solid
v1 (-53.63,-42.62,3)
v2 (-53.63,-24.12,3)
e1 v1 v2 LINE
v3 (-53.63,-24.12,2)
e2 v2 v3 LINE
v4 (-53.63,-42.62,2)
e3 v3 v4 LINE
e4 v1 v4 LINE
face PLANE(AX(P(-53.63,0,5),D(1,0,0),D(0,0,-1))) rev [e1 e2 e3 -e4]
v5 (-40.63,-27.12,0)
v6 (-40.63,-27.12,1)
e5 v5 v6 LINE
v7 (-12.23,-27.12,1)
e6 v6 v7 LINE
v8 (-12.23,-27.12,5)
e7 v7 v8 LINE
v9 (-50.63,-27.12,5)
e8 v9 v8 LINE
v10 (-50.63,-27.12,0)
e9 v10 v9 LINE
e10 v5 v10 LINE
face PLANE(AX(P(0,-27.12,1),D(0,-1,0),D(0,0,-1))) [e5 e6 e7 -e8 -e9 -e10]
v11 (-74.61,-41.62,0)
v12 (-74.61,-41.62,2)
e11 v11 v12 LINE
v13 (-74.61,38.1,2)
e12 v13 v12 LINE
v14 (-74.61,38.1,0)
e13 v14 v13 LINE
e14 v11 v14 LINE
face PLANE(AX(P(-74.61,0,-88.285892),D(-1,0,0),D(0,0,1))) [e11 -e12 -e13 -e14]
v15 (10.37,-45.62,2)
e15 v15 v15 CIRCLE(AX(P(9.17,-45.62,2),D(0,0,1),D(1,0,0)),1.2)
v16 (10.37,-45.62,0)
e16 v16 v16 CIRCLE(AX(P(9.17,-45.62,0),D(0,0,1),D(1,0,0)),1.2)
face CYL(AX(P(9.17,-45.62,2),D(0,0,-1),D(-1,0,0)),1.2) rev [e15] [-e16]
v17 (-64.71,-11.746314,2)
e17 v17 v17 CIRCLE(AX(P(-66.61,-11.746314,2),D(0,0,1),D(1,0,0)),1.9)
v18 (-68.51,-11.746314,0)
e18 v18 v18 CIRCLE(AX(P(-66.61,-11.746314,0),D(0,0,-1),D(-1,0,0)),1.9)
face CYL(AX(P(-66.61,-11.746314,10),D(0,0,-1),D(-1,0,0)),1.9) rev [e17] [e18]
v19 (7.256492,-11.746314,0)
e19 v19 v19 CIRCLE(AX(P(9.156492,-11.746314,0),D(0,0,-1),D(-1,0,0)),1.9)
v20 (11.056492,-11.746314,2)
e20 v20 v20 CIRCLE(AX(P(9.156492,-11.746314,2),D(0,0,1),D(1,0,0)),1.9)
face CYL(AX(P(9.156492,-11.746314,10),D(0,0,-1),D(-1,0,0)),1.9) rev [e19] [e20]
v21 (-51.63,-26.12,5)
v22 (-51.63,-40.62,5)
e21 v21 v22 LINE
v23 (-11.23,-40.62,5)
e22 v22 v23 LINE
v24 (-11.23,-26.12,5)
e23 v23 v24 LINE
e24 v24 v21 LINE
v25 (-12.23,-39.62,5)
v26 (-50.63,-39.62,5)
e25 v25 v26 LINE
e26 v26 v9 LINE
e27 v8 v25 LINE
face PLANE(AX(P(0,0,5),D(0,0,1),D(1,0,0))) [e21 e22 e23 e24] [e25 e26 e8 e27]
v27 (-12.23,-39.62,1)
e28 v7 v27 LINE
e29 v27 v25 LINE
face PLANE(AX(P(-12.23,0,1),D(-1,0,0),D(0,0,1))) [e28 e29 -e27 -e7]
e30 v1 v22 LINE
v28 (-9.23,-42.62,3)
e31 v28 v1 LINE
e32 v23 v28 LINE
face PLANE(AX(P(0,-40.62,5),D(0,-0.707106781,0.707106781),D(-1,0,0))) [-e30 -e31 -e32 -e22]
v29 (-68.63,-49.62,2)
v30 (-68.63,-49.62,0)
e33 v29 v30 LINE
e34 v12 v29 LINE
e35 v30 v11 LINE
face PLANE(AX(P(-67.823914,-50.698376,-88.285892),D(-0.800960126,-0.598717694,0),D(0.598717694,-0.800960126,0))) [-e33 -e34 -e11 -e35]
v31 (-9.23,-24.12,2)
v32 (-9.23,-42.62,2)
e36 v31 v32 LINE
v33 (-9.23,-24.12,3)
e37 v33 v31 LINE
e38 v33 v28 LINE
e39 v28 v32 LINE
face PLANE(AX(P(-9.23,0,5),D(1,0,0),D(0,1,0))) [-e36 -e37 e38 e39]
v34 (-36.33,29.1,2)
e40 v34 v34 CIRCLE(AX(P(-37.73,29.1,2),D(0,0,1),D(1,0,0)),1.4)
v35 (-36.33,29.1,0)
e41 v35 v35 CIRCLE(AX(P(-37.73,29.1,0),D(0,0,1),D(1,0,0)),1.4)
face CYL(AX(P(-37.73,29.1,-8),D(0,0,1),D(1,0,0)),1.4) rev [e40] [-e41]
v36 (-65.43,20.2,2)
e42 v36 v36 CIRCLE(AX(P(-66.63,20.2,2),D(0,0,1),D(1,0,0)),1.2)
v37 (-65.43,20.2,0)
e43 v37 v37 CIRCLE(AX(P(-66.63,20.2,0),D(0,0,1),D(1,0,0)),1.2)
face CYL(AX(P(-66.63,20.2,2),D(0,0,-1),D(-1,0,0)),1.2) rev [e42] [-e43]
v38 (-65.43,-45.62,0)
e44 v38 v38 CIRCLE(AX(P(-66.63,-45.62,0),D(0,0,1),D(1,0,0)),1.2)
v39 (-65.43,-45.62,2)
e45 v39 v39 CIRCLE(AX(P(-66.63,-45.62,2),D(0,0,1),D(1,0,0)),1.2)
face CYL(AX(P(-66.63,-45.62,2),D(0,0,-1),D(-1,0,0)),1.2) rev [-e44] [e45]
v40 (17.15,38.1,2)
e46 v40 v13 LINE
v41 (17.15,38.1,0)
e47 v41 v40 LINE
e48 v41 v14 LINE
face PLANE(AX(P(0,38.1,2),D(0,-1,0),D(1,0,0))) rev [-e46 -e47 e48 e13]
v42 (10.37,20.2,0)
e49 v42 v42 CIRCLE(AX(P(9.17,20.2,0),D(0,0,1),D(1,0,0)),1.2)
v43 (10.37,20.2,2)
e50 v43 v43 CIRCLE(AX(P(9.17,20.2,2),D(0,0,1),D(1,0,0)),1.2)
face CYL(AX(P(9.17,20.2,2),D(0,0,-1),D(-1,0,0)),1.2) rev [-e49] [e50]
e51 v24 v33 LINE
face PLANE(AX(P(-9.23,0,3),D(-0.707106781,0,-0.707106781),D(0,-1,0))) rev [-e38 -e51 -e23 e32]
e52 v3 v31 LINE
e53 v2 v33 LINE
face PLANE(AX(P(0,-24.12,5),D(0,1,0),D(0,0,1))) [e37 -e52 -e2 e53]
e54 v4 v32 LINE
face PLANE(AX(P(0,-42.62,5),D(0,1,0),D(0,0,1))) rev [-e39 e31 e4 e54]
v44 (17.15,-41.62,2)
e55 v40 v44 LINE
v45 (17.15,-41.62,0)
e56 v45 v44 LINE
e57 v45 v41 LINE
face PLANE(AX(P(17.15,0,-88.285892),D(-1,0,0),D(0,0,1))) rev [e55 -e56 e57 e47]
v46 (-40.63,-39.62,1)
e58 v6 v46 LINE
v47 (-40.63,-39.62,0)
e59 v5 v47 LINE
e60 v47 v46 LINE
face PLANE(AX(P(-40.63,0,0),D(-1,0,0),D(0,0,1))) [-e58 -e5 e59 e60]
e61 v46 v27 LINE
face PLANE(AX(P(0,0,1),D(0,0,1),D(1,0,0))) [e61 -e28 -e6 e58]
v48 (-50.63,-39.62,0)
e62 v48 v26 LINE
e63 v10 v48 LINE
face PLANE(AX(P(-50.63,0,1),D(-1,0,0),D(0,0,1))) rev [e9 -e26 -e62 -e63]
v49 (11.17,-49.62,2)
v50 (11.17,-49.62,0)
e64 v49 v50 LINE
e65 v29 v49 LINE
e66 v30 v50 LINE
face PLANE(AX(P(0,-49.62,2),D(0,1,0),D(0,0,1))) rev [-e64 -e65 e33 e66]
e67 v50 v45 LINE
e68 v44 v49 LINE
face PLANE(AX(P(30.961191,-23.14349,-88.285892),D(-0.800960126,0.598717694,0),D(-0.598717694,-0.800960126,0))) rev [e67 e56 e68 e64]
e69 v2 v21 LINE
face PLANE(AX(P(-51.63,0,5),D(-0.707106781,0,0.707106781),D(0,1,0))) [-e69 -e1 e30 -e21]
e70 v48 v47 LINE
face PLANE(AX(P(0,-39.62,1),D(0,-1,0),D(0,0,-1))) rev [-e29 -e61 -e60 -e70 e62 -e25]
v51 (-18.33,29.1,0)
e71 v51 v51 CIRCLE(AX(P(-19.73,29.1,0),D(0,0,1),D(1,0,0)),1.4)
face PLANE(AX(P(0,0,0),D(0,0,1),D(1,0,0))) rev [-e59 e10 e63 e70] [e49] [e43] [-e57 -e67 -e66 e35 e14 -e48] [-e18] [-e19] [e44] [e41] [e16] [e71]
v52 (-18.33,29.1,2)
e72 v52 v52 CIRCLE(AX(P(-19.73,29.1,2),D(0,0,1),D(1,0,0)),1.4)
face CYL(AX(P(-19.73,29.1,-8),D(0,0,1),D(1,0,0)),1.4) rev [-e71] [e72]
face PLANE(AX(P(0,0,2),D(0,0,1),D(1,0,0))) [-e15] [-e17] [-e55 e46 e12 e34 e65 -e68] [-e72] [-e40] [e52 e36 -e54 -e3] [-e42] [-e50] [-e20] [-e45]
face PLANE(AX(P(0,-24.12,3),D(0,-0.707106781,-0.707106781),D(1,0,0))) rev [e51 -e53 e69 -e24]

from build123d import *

# Parameters (mm, degrees)
SKETCH_1_W          = 6.2
SKETCH_1_H          = 6.2
SKETCH_1_R          = 1.2
EXTRUDE_1_DEPTH     = 2
CUT_EXTRUDE_1_DEPTH = 1
SKETCH_3_W          = 10
SKETCH_3_H          = 12.5
CUT_EXTRUDE_2_DEPTH = 1
SKETCH_4_W          = 44.4
SKETCH_4_H          = 18.5
SKETCH_4_W_2        = 38.4
SKETCH_4_H_2        = 12.5
EXTRUDE_2_DEPTH     = 3
CHAMFER_2_SIZE      = 2
SKETCH_5_W          = 6.2
SKETCH_5_H          = 6.2
EXTRUDE_3_DEPTH     = 2
CUT_EXTRUDE_3_DEPTH = 10
EXTRUDE_4_DEPTH     = 2
SKETCH_8_R          = 1.9
CUT_EXTRUDE_4_DEPTH = 10


with BuildPart() as part:
    # 草图1 → 凸台-拉伸1 (new body)
    with BuildSketch(Plane.XY):
        Polygon((-68.63, 16.2), (-64.63, 12.2), (-64.63, -37.62), (-68.63, -41.62), (-68.63, -49.62), (11.17, -49.62), (11.17, -41.62), (7.17, -37.62), (7.17, 12.2), (11.17, 16.2), (11.17, 38.1), (-68.63, 38.1), align=None)
        with Locations((-37.93, 28.38)):
            Rectangle(SKETCH_1_W, SKETCH_1_H, mode=Mode.SUBTRACT)
        with Locations((-27.73, 28.38)):
            Rectangle(SKETCH_1_W, SKETCH_1_H, mode=Mode.SUBTRACT)
        with Locations((-66.63, -45.62)):
            Circle(SKETCH_1_R, mode=Mode.SUBTRACT)
        with Locations((9.17, -45.62)):
            Circle(SKETCH_1_R, mode=Mode.SUBTRACT)
        with Locations((-66.63, 20.2)):
            Circle(SKETCH_1_R, mode=Mode.SUBTRACT)
        with Locations((9.17, 20.2)):
            Circle(SKETCH_1_R, mode=Mode.SUBTRACT)
    extrude(amount=EXTRUDE_1_DEPTH)

    # 草图2 → 切除-拉伸1 (cut)
    with BuildSketch(Plane.XY.offset(2)):
        Polygon((-12.23, -27.12), (-39.83, -27.12), (-39.83, -35.02), (-39.83, -39.62), (-12.23, -39.62), align=None)
        Polygon((-39.83, -27.12), (-50.63, -27.12), (-50.63, -39.62), (-39.83, -39.62), (-39.83, -35.02), align=None)
    extrude(amount=-CUT_EXTRUDE_1_DEPTH, mode=Mode.SUBTRACT)

    # 草图3 → 切除-拉伸2 (cut)
    with BuildSketch(Plane.XY.offset(1)):
        with Locations((-45.63, -33.37)):
            Rectangle(SKETCH_3_W, SKETCH_3_H)
    extrude(amount=-CUT_EXTRUDE_2_DEPTH, mode=Mode.SUBTRACT)

    # 草图4 → 凸台-拉伸2 (add)
    with BuildSketch(Plane.XY.offset(2)):
        with Locations((-31.43, -33.37)):
            Rectangle(SKETCH_4_W, SKETCH_4_H)
        with Locations((-31.43, -33.37)):
            Rectangle(SKETCH_4_W_2, SKETCH_4_H_2, mode=Mode.SUBTRACT)
    extrude(amount=EXTRUDE_2_DEPTH)

    # 倒角2
    chamfer_2_edges = [part.edges().sort_by_distance(p)[0] for p in [
        (-31.43, -24.12, 5),
        (-9.23, -33.37, 5),
        (-53.63, -33.37, 5),
        (-31.43, -42.62, 5),
    ]]
    chamfer(chamfer_2_edges, length=CHAMFER_2_SIZE)

    # 草图5 → 凸台-拉伸3 (add)
    with BuildSketch(Plane.XY.offset(2)):
        with Locations((-37.93, 28.38)):
            Rectangle(SKETCH_5_W, SKETCH_5_H)
        with Locations((-27.73, 28.38)):
            Rectangle(SKETCH_5_W, SKETCH_5_H)
    extrude(amount=-EXTRUDE_3_DEPTH)

    # 草图6 → 切除-拉伸3 (cut)
    with BuildSketch(Plane.XY.offset(2)):
        with BuildLine():
            Line((-37.73, 30.5), (-37.73, 29.1))
            Line((-37.73, 29.1), (-36.33, 29.1))
            ThreePointArc((-36.33, 29.1), (-36.740050506, 30.089949494), (-37.73, 30.5))
        make_face()
        with BuildLine():
            Line((-36.33, 29.1), (-37.73, 29.1))
            Line((-37.73, 29.1), (-37.73, 30.5))
            ThreePointArc((-37.73, 30.5), (-38.719949494, 28.110050506), (-36.33, 29.1))
        make_face()
        with BuildLine():
            ThreePointArc((-19.73, 30.5), (-20.719949494, 30.089949494), (-21.13, 29.1))
            Line((-21.13, 29.1), (-19.73, 29.1))
            Line((-19.73, 29.1), (-19.73, 30.5))
        make_face()
        with BuildLine():
            Line((-19.73, 29.1), (-21.13, 29.1))
            ThreePointArc((-21.13, 29.1), (-19.73, 27.7), (-18.33, 29.1))
            ThreePointArc((-18.33, 29.1), (-18.740050506, 30.089949494), (-19.73, 30.5))
            Line((-19.73, 30.5), (-19.73, 29.1))
        make_face()
    extrude(amount=-CUT_EXTRUDE_3_DEPTH, mode=Mode.SUBTRACT)

    # 草图7 → 凸台-拉伸4 (add)
    with BuildSketch(Plane.XY.offset(2)):
        Polygon((-68.63, 38.1), (-74.61, 38.1), (-74.61, -41.62), (-68.63, -41.62), (-64.63, -37.62), (-64.63, 12.2), (-68.63, 16.2), align=None)
        Polygon((17.15, 38.1), (11.17, 38.1), (11.17, 16.2), (7.17, 12.2), (7.17, -37.62), (11.17, -41.62), (17.15, -41.62), align=None)
        Polygon((11.17, -41.62), (11.17, -49.62), (17.15, -41.62), align=None)
        Polygon((-68.63, -41.62), (-74.61, -41.62), (-68.63, -49.62), align=None)
    extrude(amount=-EXTRUDE_4_DEPTH)

    # 草图8 → 切除-拉伸4 (cut)
    with BuildSketch(Plane(origin=(0, 0, 0), x_dir=(-1, 0, 0), z_dir=(0, 0, -1))):
        with Locations((66.61, -11.746314383)):
            Circle(SKETCH_8_R)
        with Locations((-9.156491604, -11.746314383)):
            Circle(SKETCH_8_R)
    extrude(amount=-CUT_EXTRUDE_4_DEPTH, mode=Mode.SUBTRACT)


solid = part.part
